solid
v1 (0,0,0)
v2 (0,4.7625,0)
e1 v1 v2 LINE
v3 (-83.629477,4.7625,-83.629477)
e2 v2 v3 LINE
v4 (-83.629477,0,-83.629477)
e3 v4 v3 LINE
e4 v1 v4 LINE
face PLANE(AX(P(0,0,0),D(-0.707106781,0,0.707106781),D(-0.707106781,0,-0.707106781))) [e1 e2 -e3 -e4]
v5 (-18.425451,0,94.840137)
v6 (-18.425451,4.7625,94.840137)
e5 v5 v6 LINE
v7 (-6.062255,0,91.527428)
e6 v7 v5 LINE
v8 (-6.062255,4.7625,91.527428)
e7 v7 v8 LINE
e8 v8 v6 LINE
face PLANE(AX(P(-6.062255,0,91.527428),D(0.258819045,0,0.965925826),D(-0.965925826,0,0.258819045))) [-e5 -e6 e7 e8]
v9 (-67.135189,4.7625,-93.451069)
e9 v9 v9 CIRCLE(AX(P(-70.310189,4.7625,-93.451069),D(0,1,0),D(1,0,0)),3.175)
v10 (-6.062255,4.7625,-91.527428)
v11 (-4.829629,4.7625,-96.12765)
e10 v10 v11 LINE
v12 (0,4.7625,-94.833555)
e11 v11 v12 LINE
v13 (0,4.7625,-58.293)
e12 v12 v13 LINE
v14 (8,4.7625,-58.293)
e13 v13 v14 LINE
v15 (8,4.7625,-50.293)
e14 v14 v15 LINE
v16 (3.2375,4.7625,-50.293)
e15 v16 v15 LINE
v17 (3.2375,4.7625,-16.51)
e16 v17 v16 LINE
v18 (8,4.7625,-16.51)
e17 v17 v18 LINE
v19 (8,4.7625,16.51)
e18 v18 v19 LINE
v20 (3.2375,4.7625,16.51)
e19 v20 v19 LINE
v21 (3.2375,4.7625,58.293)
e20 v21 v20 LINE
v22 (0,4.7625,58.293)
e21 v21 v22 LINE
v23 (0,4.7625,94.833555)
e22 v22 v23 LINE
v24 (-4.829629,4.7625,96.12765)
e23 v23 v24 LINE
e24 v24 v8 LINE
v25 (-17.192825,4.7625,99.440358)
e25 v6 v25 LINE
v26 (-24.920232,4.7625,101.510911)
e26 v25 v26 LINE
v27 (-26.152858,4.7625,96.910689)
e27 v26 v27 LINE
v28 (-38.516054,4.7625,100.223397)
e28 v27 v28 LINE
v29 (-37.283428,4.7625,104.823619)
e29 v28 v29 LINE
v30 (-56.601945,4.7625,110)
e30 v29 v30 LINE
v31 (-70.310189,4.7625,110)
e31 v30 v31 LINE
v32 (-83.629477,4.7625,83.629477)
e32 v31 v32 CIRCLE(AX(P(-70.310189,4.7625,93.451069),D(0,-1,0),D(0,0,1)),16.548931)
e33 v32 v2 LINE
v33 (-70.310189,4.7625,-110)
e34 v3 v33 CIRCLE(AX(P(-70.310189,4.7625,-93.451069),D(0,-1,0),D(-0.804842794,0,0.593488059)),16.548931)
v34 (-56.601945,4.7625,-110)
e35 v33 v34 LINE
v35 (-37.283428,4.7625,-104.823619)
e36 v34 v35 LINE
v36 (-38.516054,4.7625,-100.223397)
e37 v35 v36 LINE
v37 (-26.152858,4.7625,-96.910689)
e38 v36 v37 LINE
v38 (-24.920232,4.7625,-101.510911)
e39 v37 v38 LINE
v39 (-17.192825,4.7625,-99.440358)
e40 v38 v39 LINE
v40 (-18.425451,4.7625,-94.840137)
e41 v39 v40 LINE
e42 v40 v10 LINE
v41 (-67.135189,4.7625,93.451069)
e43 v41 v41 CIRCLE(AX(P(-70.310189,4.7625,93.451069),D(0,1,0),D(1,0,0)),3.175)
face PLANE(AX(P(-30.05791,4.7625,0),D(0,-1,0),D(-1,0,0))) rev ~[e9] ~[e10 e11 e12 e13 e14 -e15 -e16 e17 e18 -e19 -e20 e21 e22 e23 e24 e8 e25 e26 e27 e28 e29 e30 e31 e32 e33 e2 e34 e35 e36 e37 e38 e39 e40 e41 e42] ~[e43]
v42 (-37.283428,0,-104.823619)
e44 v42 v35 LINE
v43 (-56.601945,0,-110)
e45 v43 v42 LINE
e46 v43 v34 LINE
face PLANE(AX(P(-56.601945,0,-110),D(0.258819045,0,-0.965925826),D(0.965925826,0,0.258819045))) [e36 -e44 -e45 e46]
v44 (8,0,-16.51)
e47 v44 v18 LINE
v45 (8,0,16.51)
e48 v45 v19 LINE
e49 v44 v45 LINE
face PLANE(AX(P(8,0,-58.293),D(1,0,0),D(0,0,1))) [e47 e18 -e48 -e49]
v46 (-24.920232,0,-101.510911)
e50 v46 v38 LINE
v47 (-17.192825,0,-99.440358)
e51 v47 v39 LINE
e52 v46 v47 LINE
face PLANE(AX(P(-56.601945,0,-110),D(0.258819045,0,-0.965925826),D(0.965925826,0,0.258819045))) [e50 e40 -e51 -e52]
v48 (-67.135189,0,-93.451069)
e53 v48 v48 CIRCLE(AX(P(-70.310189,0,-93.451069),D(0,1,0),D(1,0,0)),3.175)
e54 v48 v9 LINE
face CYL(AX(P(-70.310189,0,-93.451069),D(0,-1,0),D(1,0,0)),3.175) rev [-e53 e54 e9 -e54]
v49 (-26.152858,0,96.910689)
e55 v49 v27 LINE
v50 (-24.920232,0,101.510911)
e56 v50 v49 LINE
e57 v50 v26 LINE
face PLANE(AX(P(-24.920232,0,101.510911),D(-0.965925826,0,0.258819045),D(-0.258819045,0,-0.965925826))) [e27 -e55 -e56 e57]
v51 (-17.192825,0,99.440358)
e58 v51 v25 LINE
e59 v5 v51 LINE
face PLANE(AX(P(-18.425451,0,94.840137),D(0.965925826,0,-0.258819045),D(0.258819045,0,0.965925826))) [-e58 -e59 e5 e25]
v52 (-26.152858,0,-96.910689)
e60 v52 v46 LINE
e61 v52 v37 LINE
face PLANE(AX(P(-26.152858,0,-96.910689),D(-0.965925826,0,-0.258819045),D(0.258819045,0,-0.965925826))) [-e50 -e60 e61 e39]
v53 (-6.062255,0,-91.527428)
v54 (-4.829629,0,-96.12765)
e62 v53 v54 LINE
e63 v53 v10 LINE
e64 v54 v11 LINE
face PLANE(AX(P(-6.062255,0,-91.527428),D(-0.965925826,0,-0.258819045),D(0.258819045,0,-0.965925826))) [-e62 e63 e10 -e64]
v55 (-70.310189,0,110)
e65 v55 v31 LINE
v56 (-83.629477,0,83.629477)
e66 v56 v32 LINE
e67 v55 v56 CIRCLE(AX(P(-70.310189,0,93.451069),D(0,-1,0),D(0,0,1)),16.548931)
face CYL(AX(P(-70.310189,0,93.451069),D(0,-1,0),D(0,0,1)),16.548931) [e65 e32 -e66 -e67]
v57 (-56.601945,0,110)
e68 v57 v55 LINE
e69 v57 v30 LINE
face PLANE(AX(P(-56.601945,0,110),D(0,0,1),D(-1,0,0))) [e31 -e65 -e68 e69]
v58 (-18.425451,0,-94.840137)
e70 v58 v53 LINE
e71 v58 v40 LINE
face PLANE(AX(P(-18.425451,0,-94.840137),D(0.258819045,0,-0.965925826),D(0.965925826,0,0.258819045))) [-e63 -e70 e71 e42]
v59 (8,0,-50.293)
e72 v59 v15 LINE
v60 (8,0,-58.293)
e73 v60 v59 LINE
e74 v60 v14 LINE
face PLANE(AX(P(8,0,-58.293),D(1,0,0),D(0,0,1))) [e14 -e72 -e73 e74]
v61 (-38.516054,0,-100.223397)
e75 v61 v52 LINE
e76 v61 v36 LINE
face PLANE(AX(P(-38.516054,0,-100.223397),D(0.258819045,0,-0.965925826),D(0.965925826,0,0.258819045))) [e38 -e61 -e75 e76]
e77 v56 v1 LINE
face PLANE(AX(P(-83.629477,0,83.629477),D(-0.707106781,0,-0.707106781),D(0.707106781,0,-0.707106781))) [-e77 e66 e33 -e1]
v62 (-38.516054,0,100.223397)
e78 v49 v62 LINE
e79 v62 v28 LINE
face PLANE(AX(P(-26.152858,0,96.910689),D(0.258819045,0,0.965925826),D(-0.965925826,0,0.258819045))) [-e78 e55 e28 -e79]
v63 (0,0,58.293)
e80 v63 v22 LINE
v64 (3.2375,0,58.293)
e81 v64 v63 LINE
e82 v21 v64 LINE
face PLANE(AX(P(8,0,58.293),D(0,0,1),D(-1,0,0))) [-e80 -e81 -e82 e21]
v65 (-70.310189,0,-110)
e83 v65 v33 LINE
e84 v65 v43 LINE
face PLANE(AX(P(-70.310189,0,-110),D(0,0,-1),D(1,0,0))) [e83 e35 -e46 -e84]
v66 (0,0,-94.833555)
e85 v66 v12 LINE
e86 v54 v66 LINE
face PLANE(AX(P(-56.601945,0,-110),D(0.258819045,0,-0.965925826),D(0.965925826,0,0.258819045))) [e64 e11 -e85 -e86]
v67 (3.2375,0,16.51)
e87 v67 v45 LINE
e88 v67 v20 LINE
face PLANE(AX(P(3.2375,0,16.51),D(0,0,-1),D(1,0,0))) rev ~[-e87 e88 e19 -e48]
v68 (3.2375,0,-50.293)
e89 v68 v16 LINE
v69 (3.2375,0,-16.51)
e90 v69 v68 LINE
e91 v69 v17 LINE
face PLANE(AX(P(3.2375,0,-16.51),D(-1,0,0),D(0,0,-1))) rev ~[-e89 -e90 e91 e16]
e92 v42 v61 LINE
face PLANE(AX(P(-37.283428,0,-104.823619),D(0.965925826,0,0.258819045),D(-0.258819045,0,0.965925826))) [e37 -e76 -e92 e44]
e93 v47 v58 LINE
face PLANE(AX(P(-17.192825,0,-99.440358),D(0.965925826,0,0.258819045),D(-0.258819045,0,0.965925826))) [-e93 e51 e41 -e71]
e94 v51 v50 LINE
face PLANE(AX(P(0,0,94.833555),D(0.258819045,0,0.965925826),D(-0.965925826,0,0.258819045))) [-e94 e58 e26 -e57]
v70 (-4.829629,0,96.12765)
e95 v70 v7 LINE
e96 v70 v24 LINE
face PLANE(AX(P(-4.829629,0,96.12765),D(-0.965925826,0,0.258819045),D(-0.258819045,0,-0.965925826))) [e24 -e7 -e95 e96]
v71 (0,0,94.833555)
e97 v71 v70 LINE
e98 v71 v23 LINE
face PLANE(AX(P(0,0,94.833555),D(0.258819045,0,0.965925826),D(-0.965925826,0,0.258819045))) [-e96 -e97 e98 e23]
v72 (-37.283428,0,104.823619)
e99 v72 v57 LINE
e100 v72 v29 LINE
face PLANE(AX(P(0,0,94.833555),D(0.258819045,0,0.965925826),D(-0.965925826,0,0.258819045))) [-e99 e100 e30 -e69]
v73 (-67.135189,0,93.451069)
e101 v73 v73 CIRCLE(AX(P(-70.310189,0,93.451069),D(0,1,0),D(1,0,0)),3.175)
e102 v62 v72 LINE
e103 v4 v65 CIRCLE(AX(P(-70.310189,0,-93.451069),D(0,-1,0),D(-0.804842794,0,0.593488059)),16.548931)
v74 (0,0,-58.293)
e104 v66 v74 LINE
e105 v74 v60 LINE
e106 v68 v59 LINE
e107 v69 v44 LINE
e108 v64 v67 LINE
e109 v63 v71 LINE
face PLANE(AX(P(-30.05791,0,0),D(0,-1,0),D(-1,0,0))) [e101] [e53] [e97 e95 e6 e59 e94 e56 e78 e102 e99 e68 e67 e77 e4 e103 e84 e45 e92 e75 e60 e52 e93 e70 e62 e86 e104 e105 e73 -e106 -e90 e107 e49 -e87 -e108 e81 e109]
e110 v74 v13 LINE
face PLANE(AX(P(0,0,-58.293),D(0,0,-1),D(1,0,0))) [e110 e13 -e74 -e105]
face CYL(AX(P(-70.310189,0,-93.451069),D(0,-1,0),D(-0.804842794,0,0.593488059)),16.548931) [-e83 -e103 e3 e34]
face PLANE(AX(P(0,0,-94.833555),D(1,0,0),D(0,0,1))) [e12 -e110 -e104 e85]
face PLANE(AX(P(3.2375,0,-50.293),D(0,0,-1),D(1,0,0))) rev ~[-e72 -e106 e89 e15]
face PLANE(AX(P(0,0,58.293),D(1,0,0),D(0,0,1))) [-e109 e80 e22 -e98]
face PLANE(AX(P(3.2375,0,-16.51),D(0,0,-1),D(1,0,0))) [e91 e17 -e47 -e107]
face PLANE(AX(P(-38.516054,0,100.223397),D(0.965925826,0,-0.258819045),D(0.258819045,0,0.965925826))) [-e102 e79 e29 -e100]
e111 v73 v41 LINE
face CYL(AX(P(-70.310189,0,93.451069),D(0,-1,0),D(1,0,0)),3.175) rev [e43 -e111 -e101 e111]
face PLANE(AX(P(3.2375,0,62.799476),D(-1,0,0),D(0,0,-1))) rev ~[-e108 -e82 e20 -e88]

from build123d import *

# Parameters (mm, degrees)
SKETCH1_R           = 3.175
BOSS_EXTRUDE1_DEPTH = 4.7625
SKETCH3_W           = 4.7625
SKETCH3_H           = 33.783
SKETCH3_H_2         = 46.289475607
CUT_EXTRUDE2_DEPTH  = 10


with BuildPart() as part:
    # Sketch1 → Boss-Extrude1 (new body)
    with BuildSketch(Plane(origin=(0, 0, 0), x_dir=(1, 0, 0), z_dir=(0, 1, 0))):
        with BuildLine():
            Line((0, 0), (-83.629476528, 83.629476528))
            ThreePointArc((-83.629476528, 83.629476528), (-85.081850373, 100.91197572), (-70.310188895, 110))
            Line((-70.310188895, 110), (-56.601944845, 110))
            Line((-56.601944845, 110), (0, 94.833554589))
            Line((0, 94.833554589), (0, 58.293))
            Line((0, 58.293), (8, 58.293))
            Line((8, 58.293), (8, -58.293))
            Line((8, -58.293), (0, -58.293))
            Line((0, -58.293), (0, -94.833554589))
            Line((0, -94.833554589), (-56.601944845, -110))
            Line((-56.601944845, -110), (-70.310188895, -110))
            ThreePointArc((-70.310188895, -110), (-85.081850373, -100.91197572), (-83.629476528, -83.629476528))
            Line((-83.629476528, -83.629476528), (0, 0))
        make_face()
        with Locations((-70.310188895, 93.451069294)):
            Circle(SKETCH1_R, mode=Mode.SUBTRACT)
        with Locations((-70.310188895, -93.451069294)):
            Circle(SKETCH1_R, mode=Mode.SUBTRACT)
    extrude(amount=BOSS_EXTRUDE1_DEPTH)

    # Sketch3 → Cut-Extrude2 (cut)
    with BuildSketch(Plane(origin=(0, 0, 0), x_dir=(1, 0, 0), z_dir=(0, 1, 0))):
        Polygon((-4.829629131, 96.127649814), (-17.19282542, 99.440358276), (-18.425451123, 94.840136528), (-6.062254834, 91.527428067), align=None)
        Polygon((-24.920232031, 101.510910637), (-37.283428319, 104.823619098), (-38.516054022, 100.22339735), (-26.152857733, 96.910688889), align=None)
        with Locations((5.61875, 33.4015)):
            Rectangle(SKETCH3_W, SKETCH3_H)
        Polygon((-26.152857733, -96.910688889), (-38.516054022, -100.22339735), (-37.283428319, -104.823619098), (-24.920232031, -101.510910637), align=None)
        Polygon((-6.062254834, -91.527428067), (-18.425451123, -94.840136528), (-17.19282542, -99.440358276), (-4.829629131, -96.127649814), align=None)
        with Locations((5.61875, -39.654737804)):
            Rectangle(SKETCH3_W, SKETCH3_H_2)
    extrude(amount=CUT_EXTRUDE2_DEPTH, mode=Mode.SUBTRACT)


solid = part.part
